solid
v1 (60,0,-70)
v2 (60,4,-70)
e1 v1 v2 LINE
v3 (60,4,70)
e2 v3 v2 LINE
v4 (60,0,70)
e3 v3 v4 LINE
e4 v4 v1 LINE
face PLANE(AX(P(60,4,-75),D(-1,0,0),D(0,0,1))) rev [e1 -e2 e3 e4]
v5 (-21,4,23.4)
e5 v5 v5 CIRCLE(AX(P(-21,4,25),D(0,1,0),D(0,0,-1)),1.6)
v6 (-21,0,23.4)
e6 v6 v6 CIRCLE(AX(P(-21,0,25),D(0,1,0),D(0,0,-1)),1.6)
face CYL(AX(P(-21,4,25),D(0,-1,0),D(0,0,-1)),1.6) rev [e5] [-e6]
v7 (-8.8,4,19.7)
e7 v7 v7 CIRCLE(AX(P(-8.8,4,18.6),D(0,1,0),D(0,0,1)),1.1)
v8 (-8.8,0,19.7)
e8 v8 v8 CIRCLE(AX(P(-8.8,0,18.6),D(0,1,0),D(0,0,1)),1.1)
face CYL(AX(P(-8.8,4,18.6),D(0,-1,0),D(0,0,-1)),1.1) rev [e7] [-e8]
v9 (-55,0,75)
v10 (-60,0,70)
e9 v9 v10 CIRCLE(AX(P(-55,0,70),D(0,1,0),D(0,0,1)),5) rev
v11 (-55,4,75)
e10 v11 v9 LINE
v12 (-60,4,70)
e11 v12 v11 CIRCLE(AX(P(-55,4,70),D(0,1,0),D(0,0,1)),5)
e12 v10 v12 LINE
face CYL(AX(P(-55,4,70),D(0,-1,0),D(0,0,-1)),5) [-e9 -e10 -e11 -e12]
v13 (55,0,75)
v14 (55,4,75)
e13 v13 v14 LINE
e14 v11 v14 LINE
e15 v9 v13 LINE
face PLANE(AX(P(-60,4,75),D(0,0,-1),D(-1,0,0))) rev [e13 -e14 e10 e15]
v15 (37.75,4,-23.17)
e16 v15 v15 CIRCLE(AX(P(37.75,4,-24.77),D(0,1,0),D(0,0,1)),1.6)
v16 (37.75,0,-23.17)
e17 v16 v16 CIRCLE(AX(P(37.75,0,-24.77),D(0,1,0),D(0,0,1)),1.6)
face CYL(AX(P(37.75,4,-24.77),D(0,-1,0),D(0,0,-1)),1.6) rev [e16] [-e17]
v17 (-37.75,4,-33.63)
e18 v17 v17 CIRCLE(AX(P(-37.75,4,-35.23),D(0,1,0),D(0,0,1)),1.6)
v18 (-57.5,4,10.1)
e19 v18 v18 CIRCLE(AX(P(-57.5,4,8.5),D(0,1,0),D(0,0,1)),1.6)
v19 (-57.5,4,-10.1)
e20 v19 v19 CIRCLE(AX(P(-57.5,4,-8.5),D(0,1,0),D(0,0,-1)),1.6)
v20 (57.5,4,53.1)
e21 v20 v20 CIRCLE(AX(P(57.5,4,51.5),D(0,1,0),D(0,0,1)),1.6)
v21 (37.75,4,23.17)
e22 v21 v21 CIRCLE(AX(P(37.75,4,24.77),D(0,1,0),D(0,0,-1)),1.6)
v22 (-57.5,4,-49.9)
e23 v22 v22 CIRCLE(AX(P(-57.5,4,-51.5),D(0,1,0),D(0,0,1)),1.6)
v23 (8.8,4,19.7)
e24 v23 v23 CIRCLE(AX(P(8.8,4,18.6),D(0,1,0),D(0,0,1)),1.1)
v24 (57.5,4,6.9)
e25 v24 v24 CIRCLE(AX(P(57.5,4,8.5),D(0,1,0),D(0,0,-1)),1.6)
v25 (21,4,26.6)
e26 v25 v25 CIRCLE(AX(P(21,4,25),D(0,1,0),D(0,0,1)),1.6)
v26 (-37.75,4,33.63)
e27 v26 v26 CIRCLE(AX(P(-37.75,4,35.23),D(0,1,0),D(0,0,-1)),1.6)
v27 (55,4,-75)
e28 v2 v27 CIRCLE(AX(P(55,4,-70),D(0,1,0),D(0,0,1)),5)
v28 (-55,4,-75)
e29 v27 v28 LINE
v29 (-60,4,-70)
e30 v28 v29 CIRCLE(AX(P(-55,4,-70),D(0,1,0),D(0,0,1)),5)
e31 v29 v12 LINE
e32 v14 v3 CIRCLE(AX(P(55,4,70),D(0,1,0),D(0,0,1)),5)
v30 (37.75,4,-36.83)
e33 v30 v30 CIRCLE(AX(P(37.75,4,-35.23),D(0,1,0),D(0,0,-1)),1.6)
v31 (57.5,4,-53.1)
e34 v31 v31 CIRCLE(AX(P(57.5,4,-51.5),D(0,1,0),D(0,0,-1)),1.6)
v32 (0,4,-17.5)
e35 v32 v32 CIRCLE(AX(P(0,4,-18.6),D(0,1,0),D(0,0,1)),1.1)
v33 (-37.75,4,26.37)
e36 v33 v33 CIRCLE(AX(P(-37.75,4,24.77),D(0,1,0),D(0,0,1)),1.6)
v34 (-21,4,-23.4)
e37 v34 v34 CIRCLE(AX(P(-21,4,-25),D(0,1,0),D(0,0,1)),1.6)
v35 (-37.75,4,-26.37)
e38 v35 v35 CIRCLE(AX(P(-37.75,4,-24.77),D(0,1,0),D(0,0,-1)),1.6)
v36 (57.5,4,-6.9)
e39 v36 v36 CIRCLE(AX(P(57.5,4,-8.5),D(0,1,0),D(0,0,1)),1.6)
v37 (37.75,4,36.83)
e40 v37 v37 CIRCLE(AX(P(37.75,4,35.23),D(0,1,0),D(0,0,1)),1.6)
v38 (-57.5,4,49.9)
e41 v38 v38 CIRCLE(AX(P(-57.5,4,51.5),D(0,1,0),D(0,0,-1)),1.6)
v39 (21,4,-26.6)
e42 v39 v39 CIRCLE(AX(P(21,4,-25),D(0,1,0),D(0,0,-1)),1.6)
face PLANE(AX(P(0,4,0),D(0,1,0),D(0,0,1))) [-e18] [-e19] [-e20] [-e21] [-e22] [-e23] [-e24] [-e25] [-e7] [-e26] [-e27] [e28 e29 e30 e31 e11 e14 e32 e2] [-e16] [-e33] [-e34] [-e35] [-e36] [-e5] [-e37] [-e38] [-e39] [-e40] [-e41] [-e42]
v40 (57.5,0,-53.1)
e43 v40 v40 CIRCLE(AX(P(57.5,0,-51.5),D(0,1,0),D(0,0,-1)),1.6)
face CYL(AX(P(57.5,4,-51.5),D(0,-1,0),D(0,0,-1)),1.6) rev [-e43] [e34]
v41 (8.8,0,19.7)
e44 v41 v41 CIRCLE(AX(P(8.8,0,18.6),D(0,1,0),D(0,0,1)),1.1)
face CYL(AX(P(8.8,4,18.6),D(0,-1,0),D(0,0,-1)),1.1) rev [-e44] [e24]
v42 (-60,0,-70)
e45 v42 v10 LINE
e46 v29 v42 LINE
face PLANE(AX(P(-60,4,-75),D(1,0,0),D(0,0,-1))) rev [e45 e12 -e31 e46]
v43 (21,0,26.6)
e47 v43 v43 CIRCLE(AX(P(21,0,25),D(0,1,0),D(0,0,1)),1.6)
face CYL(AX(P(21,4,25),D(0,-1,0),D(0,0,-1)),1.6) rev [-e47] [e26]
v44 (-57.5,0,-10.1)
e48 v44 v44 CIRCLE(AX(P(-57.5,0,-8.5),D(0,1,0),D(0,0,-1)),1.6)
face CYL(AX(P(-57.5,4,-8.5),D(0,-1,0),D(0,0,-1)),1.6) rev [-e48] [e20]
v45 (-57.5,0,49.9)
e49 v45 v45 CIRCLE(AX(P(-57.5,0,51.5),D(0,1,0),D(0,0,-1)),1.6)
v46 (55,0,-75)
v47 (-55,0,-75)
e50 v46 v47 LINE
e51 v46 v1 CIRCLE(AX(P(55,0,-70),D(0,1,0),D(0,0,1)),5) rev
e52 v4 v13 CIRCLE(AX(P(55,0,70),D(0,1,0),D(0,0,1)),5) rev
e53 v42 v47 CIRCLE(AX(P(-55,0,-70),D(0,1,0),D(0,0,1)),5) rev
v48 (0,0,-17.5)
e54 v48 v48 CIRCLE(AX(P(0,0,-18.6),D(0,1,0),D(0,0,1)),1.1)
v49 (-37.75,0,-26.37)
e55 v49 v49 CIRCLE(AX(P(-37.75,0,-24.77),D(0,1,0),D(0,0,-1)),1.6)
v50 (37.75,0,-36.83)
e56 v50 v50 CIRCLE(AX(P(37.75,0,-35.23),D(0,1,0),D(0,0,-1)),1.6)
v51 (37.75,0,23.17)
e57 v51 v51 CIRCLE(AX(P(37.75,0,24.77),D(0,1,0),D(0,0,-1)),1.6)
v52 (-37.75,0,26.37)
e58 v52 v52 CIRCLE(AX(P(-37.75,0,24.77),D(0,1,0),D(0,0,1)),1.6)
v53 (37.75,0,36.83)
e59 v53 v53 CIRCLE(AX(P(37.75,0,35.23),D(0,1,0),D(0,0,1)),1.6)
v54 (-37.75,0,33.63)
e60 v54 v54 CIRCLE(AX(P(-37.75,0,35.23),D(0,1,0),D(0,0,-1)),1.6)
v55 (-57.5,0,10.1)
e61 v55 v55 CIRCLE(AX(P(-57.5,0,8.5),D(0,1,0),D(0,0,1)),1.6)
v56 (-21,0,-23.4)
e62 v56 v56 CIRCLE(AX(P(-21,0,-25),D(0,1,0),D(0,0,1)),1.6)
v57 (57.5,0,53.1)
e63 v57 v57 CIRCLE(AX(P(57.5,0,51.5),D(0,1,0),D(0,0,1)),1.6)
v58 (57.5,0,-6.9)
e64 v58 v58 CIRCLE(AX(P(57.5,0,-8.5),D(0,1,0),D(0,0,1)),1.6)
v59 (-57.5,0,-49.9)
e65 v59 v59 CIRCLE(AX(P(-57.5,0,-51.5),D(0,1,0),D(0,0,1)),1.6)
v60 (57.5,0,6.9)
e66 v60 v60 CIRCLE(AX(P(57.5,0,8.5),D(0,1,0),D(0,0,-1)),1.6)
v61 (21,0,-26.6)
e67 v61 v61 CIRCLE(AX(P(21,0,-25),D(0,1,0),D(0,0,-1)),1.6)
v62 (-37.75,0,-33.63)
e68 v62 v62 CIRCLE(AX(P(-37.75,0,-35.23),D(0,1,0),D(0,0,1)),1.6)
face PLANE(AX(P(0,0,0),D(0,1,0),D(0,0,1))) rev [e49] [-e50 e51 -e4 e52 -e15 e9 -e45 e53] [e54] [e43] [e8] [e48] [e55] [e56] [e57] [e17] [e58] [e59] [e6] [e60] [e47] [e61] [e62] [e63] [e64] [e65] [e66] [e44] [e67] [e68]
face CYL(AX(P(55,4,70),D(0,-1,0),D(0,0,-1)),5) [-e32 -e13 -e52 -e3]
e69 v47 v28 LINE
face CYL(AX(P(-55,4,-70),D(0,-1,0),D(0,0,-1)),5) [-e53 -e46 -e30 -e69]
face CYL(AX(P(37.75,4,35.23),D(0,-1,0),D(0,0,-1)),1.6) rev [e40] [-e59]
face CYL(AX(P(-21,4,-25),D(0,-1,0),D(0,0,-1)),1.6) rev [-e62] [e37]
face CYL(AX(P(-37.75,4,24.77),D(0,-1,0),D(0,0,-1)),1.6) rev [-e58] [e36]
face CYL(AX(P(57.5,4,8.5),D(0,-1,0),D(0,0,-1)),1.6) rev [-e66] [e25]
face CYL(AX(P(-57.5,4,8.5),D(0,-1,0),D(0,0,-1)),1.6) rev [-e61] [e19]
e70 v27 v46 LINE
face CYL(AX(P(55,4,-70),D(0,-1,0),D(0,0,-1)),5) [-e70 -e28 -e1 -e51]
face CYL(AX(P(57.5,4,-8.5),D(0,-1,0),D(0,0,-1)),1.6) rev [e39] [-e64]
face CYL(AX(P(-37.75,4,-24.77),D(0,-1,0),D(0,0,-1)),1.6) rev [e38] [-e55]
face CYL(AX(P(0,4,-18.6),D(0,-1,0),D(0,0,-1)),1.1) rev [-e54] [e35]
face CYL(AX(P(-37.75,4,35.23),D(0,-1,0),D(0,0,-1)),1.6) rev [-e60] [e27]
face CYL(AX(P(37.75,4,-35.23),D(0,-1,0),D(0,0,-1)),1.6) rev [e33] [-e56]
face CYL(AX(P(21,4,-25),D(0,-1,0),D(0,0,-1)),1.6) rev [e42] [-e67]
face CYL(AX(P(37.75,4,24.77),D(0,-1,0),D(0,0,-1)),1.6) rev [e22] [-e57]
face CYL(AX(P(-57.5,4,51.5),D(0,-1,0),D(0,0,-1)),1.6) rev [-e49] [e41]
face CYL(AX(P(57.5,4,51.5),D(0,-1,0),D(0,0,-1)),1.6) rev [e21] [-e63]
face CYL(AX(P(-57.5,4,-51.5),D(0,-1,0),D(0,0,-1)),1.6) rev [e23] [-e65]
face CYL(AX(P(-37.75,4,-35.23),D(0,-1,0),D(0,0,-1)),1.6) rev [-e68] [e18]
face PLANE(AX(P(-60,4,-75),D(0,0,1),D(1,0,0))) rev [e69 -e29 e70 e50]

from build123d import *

# Parameters (mm, degrees)
SKETCH_1_W      = 120
SKETCH_1_H      = 150
SKETCH_1_R      = 1.6
SKETCH_1_R_2    = 1.1
EXTRUDE_1_DEPTH = 4
FILLET_1_R      = 5


with BuildPart() as part:
    # 草图1 → 凸台-拉伸1 (new body)
    with BuildSketch(Plane(origin=(0, 0, 0), x_dir=(1, 0, 0), z_dir=(0, 1, 0))):
        Rectangle(SKETCH_1_W, SKETCH_1_H)
        with Locations((-57.5, 51.5)):
            Circle(SKETCH_1_R, mode=Mode.SUBTRACT)
        with Locations((-57.5, 8.5)):
            Circle(SKETCH_1_R, mode=Mode.SUBTRACT)
        with Locations((-37.75, 35.23)):
            Circle(SKETCH_1_R, mode=Mode.SUBTRACT)
        with Locations((-37.75, 24.77)):
            Circle(SKETCH_1_R, mode=Mode.SUBTRACT)
        with Locations((-57.5, -8.5)):
            Circle(SKETCH_1_R, mode=Mode.SUBTRACT)
        with Locations((-37.75, -24.77)):
            Circle(SKETCH_1_R, mode=Mode.SUBTRACT)
        with Locations((-37.75, -35.23)):
            Circle(SKETCH_1_R, mode=Mode.SUBTRACT)
        with Locations((-57.5, -51.5)):
            Circle(SKETCH_1_R, mode=Mode.SUBTRACT)
        with Locations((57.5, -51.5)):
            Circle(SKETCH_1_R, mode=Mode.SUBTRACT)
        with Locations((37.75, -35.23)):
            Circle(SKETCH_1_R, mode=Mode.SUBTRACT)
        with Locations((37.75, -24.77)):
            Circle(SKETCH_1_R, mode=Mode.SUBTRACT)
        with Locations((57.5, -8.5)):
            Circle(SKETCH_1_R, mode=Mode.SUBTRACT)
        with Locations((57.5, 8.5)):
            Circle(SKETCH_1_R, mode=Mode.SUBTRACT)
        with Locations((37.75, 24.77)):
            Circle(SKETCH_1_R, mode=Mode.SUBTRACT)
        with Locations((37.75, 35.23)):
            Circle(SKETCH_1_R, mode=Mode.SUBTRACT)
        with Locations((57.5, 51.5)):
            Circle(SKETCH_1_R, mode=Mode.SUBTRACT)
        with Locations((0, 18.6)):
            Circle(SKETCH_1_R_2, mode=Mode.SUBTRACT)
        with Locations((8.8, -18.6)):
            Circle(SKETCH_1_R_2, mode=Mode.SUBTRACT)
        with Locations((-8.8, -18.6)):
            Circle(SKETCH_1_R_2, mode=Mode.SUBTRACT)
        with Locations((-21, 25)):
            Circle(SKETCH_1_R, mode=Mode.SUBTRACT)
        with Locations((21, 25)):
            Circle(SKETCH_1_R, mode=Mode.SUBTRACT)
        with Locations((21, -25)):
            Circle(SKETCH_1_R, mode=Mode.SUBTRACT)
        with Locations((-21, -25)):
            Circle(SKETCH_1_R, mode=Mode.SUBTRACT)
    extrude(amount=EXTRUDE_1_DEPTH)

    # 圆角1
    fillet_1_edges = [part.edges().sort_by_distance(p)[0] for p in [
        (60, 2, 75),
        (-60, 2, 75),
        (-60, 2, -75),
        (60, 2, -75),
    ]]
    fillet(fillet_1_edges, radius=FILLET_1_R)


solid = part.part
